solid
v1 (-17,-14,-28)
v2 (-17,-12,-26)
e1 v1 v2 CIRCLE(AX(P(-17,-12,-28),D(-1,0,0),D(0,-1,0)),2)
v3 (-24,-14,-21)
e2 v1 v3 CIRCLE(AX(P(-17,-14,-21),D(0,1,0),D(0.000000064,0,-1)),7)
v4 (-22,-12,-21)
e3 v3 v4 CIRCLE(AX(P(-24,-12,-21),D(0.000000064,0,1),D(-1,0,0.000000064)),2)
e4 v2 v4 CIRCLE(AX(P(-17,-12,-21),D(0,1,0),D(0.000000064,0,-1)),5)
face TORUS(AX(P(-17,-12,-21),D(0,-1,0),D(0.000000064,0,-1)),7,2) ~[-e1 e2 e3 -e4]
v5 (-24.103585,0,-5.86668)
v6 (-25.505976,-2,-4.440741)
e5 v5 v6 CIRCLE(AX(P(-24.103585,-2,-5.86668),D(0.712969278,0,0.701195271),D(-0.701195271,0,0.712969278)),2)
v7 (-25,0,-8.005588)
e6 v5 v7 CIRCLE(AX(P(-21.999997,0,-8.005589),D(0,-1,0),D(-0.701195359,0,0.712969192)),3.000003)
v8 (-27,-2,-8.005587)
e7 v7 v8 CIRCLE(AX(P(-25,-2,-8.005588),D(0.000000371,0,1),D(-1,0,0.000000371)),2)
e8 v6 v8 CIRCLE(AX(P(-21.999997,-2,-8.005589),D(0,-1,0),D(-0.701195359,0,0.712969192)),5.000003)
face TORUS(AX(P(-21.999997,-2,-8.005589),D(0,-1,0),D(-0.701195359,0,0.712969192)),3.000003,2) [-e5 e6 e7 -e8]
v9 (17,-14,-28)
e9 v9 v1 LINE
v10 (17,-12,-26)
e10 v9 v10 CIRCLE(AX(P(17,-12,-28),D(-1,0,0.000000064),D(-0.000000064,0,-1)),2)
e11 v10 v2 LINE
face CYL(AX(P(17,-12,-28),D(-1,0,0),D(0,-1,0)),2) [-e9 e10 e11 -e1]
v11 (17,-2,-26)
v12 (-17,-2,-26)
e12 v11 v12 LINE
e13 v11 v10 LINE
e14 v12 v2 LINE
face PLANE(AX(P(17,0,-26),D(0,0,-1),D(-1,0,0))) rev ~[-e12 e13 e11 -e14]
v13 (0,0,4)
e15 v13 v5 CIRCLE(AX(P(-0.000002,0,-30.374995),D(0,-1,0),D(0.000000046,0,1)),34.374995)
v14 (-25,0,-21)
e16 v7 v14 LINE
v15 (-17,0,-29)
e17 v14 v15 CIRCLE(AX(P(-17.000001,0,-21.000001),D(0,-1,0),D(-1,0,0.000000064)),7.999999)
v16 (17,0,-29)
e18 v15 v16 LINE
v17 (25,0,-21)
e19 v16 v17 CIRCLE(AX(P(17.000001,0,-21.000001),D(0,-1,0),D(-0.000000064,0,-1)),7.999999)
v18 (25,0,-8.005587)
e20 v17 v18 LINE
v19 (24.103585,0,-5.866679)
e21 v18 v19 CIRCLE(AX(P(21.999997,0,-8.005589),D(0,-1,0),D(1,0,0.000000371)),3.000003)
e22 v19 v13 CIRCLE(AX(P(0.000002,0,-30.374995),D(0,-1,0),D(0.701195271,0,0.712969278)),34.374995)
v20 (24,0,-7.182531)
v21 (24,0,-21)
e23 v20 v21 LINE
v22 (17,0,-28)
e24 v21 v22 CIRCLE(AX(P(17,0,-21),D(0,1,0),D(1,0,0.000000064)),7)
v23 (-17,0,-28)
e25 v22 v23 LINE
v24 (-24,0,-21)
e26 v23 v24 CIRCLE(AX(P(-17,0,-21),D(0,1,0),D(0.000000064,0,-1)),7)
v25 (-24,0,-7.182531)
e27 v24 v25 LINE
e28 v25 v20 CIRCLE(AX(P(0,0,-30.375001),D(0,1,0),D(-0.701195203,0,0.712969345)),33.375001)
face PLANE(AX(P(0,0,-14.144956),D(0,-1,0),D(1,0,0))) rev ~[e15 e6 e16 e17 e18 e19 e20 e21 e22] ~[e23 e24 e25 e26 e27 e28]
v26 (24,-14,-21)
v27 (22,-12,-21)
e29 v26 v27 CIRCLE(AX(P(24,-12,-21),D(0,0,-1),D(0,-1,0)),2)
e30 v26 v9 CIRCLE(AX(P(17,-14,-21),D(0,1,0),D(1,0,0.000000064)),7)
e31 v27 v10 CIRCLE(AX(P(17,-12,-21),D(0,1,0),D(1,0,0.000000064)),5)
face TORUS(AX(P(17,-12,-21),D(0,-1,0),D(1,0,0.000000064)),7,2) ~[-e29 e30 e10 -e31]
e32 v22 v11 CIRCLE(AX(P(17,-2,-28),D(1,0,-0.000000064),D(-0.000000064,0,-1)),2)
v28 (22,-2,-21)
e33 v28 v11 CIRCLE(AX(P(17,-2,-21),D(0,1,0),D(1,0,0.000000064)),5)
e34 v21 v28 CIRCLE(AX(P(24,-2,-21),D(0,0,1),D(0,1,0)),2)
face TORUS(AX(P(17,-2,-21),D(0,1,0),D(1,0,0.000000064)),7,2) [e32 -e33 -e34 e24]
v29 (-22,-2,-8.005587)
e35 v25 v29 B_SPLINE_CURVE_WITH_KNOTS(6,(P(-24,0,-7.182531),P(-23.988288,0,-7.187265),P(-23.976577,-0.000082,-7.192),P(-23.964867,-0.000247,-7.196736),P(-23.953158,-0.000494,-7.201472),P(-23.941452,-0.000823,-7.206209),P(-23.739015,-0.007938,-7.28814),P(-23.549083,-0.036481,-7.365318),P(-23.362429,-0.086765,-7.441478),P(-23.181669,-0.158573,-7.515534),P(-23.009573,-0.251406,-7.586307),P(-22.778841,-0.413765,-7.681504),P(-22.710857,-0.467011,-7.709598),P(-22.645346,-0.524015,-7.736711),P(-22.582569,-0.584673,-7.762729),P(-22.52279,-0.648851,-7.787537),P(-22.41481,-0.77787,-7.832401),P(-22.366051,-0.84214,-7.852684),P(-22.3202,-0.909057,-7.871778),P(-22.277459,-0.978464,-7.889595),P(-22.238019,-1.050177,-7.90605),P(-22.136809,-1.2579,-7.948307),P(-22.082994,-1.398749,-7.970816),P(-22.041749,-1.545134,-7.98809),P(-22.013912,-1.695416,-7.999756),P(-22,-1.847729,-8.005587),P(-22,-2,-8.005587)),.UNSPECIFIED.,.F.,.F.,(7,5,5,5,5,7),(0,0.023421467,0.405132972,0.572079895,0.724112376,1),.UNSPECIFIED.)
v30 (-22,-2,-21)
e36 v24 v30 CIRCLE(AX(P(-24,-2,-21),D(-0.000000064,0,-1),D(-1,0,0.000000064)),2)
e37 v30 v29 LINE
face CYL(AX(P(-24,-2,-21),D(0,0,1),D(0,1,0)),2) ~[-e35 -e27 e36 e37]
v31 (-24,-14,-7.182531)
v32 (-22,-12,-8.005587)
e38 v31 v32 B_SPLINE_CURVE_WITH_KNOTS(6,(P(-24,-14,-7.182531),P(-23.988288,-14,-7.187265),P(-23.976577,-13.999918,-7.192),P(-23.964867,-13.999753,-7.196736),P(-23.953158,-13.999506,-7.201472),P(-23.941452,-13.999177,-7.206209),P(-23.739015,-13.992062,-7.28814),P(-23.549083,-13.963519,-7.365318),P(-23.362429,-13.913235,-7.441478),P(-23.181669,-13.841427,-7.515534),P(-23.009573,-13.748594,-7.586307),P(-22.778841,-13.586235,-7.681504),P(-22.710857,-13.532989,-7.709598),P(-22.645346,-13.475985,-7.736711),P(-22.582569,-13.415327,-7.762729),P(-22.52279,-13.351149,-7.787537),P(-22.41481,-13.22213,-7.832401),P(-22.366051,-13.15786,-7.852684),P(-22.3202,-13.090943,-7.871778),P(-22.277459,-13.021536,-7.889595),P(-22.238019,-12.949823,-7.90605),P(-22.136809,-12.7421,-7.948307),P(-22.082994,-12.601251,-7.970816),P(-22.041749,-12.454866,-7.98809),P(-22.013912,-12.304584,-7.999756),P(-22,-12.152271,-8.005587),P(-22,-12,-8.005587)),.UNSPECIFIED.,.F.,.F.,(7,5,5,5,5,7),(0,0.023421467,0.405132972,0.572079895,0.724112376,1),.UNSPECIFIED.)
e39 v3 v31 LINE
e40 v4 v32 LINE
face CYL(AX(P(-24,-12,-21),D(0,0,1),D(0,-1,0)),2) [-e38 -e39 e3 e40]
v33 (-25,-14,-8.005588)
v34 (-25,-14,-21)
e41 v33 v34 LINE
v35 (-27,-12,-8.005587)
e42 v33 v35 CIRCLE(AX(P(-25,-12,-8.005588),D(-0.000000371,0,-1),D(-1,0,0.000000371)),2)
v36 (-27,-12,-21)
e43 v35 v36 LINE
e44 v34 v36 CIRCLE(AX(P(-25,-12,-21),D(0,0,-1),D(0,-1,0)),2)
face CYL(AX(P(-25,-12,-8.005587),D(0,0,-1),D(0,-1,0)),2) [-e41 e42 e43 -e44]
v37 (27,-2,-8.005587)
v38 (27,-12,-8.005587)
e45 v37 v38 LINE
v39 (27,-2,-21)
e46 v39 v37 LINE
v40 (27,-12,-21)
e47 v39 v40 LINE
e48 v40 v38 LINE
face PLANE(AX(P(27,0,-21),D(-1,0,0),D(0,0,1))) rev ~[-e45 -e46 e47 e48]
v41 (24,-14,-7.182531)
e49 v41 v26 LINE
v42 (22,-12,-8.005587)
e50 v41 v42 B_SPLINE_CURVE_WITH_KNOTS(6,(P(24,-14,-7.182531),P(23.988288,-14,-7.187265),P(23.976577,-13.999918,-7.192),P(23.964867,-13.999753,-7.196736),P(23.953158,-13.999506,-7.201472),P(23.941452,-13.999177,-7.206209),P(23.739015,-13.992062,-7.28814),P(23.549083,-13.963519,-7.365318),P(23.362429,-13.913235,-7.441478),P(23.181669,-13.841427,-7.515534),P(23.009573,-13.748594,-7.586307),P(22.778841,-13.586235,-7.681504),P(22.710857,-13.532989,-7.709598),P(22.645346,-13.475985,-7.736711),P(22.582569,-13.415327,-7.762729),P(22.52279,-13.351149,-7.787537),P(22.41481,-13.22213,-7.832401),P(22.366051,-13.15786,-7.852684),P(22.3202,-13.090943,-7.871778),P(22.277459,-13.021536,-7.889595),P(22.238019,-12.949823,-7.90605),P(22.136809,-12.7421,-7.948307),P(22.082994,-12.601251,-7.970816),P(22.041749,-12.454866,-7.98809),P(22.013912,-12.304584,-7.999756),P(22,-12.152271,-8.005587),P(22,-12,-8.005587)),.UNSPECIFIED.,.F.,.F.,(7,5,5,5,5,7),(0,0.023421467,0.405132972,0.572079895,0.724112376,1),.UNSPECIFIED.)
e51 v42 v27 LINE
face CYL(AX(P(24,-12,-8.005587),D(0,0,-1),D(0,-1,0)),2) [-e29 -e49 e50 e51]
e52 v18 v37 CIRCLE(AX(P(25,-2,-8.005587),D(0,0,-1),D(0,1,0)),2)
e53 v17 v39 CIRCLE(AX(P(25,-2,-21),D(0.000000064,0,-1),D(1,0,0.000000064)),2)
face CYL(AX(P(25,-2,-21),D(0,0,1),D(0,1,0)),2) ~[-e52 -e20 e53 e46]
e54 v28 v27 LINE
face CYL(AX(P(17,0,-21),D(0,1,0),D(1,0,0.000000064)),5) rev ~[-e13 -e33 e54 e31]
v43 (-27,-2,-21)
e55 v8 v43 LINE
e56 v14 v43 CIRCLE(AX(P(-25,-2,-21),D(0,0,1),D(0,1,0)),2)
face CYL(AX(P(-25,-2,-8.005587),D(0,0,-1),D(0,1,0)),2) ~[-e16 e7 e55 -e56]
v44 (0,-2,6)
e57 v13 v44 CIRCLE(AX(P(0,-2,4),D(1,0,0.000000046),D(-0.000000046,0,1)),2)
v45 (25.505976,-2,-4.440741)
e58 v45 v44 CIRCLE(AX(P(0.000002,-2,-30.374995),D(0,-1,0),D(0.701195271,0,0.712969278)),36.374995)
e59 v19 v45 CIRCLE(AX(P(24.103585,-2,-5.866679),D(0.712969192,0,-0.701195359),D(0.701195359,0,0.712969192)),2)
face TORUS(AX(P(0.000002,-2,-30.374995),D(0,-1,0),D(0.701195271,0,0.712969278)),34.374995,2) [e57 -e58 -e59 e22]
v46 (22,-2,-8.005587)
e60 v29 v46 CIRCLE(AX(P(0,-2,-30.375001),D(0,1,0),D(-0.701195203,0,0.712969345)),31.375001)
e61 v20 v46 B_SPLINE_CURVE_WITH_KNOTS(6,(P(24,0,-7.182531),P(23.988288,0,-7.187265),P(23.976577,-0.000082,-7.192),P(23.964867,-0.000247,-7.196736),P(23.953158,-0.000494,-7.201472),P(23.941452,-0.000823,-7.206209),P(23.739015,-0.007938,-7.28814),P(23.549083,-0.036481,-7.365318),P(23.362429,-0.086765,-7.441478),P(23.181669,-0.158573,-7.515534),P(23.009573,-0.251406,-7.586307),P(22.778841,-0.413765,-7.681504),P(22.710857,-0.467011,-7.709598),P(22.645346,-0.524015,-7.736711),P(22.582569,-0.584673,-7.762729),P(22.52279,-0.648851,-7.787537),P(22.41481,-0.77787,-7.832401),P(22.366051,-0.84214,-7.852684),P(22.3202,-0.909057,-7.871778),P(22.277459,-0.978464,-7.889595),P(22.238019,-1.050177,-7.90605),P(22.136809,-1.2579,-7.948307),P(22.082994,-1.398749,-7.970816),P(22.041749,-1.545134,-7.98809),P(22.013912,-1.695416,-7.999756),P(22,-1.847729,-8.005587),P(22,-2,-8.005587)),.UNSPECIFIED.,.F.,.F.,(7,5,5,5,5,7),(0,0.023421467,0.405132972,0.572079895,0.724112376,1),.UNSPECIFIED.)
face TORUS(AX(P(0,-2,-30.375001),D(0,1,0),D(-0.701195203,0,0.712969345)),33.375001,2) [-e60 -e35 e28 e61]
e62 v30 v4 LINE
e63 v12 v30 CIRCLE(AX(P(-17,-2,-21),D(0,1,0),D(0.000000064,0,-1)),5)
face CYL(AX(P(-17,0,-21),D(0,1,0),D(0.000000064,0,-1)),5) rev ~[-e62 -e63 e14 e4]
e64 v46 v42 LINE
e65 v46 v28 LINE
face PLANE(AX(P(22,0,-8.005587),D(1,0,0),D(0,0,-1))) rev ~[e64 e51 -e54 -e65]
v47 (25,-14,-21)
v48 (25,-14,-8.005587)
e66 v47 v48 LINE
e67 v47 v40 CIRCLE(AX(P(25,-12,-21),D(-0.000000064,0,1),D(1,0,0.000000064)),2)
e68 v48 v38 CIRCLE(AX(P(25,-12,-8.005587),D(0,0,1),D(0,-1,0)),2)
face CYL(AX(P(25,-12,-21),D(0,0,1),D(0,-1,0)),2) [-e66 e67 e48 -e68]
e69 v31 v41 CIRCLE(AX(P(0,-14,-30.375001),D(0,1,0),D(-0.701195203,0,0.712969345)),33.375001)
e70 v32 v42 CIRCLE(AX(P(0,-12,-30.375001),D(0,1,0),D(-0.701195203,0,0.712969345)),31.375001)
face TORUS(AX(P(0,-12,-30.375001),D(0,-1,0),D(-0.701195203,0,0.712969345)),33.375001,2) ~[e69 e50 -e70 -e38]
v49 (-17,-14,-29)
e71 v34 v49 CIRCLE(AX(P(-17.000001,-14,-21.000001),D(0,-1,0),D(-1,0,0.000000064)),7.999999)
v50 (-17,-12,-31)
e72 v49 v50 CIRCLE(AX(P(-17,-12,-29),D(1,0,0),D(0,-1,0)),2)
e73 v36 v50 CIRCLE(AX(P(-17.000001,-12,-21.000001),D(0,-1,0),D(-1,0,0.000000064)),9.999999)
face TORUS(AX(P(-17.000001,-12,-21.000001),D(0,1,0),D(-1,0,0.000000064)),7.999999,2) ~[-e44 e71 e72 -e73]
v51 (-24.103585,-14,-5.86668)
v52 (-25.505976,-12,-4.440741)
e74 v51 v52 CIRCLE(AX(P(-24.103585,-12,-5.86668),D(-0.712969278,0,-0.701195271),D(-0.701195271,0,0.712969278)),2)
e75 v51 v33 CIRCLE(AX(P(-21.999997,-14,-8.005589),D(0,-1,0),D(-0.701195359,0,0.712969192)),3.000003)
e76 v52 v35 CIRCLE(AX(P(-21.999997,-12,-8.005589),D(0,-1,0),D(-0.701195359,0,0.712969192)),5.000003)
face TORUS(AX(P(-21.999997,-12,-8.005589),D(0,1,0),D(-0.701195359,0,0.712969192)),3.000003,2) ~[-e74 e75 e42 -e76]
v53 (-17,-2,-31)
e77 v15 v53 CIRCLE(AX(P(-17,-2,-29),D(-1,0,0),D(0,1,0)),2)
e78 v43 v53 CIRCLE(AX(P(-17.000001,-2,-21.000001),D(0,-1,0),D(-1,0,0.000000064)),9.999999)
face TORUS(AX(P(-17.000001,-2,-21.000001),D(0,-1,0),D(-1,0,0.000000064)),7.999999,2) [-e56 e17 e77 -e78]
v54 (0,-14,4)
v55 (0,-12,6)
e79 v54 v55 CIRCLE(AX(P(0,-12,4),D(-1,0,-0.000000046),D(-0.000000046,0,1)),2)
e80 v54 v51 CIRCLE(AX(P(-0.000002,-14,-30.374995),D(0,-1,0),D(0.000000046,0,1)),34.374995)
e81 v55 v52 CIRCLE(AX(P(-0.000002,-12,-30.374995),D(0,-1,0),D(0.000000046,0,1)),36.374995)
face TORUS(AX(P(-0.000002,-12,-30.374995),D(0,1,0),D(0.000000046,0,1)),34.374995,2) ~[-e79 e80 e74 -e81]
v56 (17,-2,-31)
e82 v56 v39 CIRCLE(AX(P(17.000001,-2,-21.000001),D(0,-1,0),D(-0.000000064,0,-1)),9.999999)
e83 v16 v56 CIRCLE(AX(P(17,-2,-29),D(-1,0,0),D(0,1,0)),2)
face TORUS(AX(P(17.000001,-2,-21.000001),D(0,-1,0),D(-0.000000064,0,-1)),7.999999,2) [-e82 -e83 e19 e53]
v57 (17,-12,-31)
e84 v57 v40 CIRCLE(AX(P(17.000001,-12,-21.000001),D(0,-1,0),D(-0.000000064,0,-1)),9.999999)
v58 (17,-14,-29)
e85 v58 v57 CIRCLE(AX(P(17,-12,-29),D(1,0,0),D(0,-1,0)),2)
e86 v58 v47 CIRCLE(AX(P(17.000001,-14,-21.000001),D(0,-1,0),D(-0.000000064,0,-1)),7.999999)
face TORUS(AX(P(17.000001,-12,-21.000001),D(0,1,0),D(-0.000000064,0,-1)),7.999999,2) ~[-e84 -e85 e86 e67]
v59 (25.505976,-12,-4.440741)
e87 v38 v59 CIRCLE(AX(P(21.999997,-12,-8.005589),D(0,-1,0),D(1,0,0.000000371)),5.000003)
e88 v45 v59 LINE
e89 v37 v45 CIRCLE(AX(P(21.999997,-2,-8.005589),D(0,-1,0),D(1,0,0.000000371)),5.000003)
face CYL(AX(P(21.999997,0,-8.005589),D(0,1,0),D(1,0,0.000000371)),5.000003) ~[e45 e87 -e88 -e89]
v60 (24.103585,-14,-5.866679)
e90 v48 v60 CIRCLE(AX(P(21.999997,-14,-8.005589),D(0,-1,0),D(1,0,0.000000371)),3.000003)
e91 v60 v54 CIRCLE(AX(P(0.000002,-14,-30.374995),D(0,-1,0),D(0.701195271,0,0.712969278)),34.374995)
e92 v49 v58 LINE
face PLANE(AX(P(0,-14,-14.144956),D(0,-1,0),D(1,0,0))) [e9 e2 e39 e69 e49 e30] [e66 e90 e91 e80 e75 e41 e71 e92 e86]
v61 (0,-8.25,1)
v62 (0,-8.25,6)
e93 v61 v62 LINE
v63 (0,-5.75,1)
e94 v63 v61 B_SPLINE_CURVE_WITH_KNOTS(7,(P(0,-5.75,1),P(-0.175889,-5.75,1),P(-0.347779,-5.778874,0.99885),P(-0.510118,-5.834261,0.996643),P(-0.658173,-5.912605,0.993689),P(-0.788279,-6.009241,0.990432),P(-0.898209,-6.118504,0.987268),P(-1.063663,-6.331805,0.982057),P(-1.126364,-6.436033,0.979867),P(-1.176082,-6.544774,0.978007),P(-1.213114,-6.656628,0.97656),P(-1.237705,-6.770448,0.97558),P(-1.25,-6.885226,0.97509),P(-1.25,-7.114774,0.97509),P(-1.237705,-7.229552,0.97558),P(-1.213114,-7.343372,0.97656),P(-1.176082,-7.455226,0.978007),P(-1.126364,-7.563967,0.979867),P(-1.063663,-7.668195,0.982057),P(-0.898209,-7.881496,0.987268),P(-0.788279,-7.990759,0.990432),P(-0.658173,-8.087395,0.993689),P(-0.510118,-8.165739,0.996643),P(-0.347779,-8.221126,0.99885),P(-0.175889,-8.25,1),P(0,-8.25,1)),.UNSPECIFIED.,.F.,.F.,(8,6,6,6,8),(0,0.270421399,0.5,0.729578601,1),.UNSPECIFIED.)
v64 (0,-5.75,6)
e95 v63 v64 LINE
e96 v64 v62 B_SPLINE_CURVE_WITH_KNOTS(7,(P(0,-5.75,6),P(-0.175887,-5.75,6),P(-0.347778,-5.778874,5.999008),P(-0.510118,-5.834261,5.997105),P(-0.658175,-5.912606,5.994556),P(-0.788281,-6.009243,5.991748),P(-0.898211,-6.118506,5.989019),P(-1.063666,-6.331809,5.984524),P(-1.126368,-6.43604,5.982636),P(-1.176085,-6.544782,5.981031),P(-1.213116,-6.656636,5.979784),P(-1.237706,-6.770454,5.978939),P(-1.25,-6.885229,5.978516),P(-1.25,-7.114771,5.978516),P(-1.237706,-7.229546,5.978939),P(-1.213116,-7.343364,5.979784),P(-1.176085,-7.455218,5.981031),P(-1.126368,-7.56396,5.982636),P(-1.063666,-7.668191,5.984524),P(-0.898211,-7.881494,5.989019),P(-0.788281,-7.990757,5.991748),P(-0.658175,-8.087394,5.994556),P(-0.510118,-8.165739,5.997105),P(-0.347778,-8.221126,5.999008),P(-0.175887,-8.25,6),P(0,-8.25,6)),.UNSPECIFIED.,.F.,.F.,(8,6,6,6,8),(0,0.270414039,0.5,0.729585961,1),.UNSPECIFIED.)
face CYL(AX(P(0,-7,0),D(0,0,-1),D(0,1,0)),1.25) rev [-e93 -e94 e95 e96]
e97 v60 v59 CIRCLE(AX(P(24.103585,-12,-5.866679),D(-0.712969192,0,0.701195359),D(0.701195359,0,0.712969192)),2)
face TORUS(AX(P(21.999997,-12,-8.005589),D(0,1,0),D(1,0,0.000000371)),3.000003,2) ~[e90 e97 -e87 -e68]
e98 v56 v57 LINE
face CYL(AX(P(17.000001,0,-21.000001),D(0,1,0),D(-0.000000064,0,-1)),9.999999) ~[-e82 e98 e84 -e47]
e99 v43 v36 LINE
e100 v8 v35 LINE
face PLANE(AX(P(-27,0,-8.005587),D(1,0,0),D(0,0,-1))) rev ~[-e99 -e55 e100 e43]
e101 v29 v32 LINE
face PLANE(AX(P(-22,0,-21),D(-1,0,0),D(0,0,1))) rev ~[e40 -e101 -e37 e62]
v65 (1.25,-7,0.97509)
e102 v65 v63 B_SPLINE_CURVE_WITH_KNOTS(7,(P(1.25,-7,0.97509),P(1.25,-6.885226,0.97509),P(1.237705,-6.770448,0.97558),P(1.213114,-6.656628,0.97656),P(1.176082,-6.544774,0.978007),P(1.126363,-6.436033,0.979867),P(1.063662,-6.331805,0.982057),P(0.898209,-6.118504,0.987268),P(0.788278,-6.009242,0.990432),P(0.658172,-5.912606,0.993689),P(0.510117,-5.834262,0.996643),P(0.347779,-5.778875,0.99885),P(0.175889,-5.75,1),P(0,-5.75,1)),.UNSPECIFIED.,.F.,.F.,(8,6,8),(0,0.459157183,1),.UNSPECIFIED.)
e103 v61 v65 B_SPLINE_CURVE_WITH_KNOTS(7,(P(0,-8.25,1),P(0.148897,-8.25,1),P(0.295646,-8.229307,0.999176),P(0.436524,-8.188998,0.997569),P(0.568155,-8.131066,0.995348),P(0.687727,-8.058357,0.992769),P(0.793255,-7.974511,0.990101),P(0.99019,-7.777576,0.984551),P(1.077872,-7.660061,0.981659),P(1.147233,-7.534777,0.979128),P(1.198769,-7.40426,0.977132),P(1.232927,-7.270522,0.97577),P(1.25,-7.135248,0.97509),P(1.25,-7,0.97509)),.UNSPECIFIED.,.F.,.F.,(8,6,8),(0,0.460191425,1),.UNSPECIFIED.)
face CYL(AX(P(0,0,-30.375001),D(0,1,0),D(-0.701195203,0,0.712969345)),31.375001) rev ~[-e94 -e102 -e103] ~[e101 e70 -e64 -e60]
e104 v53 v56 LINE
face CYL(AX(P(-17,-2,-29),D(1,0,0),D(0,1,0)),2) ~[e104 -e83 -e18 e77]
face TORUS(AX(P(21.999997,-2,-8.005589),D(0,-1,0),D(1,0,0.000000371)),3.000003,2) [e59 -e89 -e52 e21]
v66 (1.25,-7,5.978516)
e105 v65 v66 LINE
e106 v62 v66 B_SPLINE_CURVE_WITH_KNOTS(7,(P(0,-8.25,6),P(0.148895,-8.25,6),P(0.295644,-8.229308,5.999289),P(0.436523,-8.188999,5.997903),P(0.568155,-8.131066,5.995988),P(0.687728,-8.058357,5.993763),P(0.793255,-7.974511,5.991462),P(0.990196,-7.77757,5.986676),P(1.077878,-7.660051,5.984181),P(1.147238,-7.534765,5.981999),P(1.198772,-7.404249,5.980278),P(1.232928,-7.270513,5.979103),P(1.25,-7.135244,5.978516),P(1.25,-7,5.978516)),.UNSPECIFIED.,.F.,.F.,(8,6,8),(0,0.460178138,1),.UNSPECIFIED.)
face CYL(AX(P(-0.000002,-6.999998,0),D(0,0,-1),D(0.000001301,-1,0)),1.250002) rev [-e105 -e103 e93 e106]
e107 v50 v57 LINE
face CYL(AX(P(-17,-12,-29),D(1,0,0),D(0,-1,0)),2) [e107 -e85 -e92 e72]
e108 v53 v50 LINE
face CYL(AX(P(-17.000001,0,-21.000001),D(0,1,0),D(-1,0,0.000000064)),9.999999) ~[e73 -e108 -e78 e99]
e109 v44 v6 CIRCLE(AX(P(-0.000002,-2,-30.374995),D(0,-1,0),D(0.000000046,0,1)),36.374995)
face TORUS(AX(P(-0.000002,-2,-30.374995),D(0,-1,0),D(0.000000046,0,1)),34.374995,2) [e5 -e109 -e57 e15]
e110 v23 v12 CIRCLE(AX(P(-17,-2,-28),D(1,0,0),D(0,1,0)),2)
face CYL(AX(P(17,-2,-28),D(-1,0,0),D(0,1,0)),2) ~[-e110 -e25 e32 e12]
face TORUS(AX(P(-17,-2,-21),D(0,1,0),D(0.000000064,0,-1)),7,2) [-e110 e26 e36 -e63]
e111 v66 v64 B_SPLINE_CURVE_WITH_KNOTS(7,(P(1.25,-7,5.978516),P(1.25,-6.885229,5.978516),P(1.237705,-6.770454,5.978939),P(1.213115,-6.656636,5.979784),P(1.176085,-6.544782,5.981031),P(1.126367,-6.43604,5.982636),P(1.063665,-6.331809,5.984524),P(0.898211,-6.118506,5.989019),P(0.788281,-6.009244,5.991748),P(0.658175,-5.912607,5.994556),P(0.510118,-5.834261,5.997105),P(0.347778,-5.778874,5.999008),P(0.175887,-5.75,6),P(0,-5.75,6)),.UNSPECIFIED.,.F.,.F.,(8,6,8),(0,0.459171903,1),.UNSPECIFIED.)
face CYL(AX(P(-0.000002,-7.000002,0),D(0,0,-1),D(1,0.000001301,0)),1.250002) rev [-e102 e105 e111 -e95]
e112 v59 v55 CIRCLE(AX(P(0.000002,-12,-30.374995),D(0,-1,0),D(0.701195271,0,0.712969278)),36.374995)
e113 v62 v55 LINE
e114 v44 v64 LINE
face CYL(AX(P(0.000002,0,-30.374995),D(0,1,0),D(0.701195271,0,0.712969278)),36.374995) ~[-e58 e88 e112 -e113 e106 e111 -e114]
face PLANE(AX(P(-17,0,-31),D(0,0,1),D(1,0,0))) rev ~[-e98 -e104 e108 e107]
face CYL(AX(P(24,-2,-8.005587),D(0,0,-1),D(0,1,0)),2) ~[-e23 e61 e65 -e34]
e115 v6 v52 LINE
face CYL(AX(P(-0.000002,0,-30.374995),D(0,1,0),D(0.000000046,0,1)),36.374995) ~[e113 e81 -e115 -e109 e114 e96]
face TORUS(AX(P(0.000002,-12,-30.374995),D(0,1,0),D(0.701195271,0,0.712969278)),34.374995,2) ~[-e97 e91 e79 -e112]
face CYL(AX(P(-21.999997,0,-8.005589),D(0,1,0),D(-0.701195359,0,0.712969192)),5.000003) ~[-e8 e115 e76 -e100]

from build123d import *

# Parameters (mm, degrees)
F1_DEPTH = 14
F3_DEPTH = 23.7
F4_R     = 2


with BuildPart() as f1:
    # F0 (on Front) → F1 (new body)
    with BuildSketch(Plane.XZ):
        with BuildLine():
            ThreePointArc((27, -8.005587), (26.611392, -6.072957), (25.505976, -4.440741))
            ThreePointArc((25.505976, -4.440741), (13.780093, 3.288774), (0, 6))
            ThreePointArc((0, 6), (-13.780093, 3.288774), (-25.505976, -4.440741))
            ThreePointArc((-25.505976, -4.440741), (-26.611392, -6.072957), (-27, -8.005587))
            Line((-27, -8.005587), (-27, -21))
            ThreePointArc((-27, -21), (-24.071068, -28.071068), (-17, -31))
            Line((-17, -31), (17, -31))
            ThreePointArc((17, -31), (24.071068, -28.071068), (27, -21))
            Line((27, -21), (27, -8.005587))
        make_face()
        with BuildLine():
            ThreePointArc((-22, -8.005587), (0, 1), (22, -8.005587))
            Line((22, -8.005587), (22, -21))
            ThreePointArc((22, -21), (20.535534, -24.535534), (17, -26))
            Line((17, -26), (-17, -26))
            ThreePointArc((-17, -26), (-20.535534, -24.535534), (-22, -21))
            Line((-22, -21), (-22, -8.005587))
        make_face(mode=Mode.SUBTRACT)
    extrude(amount=F1_DEPTH)

    # F2 (on Top) → F3 (cut)
    with BuildSketch(Plane.XY):
        with BuildLine():
            ThreePointArc((0, -8.25), (0.883883, -7.883883), (1.25, -7))
            ThreePointArc((1.25, -7), (0.883883, -6.116117), (0, -5.75))
            Line((0, -5.75), (0, -8.25))
        make_face()
        with BuildLine():
            Line((0, -8.25), (0, -5.75))
            ThreePointArc((0, -5.75), (-1.25, -7), (0, -8.25))
        make_face()
    extrude(amount=F3_DEPTH, mode=Mode.SUBTRACT)

    # F4
    f4_edges = [f1.edges().sort_by_distance(p)[0] for p in [
        (0, -14, 1),
        (22, -14, -14.502794),
        (20.535534, -14, -24.535534),
        (0, 0, -26),
        (0, 0, 1),
        (0, 0, -31),
        (0, -14, -31),
    ]]
    fillet(f4_edges, radius=F4_R)


solid = f1.part
